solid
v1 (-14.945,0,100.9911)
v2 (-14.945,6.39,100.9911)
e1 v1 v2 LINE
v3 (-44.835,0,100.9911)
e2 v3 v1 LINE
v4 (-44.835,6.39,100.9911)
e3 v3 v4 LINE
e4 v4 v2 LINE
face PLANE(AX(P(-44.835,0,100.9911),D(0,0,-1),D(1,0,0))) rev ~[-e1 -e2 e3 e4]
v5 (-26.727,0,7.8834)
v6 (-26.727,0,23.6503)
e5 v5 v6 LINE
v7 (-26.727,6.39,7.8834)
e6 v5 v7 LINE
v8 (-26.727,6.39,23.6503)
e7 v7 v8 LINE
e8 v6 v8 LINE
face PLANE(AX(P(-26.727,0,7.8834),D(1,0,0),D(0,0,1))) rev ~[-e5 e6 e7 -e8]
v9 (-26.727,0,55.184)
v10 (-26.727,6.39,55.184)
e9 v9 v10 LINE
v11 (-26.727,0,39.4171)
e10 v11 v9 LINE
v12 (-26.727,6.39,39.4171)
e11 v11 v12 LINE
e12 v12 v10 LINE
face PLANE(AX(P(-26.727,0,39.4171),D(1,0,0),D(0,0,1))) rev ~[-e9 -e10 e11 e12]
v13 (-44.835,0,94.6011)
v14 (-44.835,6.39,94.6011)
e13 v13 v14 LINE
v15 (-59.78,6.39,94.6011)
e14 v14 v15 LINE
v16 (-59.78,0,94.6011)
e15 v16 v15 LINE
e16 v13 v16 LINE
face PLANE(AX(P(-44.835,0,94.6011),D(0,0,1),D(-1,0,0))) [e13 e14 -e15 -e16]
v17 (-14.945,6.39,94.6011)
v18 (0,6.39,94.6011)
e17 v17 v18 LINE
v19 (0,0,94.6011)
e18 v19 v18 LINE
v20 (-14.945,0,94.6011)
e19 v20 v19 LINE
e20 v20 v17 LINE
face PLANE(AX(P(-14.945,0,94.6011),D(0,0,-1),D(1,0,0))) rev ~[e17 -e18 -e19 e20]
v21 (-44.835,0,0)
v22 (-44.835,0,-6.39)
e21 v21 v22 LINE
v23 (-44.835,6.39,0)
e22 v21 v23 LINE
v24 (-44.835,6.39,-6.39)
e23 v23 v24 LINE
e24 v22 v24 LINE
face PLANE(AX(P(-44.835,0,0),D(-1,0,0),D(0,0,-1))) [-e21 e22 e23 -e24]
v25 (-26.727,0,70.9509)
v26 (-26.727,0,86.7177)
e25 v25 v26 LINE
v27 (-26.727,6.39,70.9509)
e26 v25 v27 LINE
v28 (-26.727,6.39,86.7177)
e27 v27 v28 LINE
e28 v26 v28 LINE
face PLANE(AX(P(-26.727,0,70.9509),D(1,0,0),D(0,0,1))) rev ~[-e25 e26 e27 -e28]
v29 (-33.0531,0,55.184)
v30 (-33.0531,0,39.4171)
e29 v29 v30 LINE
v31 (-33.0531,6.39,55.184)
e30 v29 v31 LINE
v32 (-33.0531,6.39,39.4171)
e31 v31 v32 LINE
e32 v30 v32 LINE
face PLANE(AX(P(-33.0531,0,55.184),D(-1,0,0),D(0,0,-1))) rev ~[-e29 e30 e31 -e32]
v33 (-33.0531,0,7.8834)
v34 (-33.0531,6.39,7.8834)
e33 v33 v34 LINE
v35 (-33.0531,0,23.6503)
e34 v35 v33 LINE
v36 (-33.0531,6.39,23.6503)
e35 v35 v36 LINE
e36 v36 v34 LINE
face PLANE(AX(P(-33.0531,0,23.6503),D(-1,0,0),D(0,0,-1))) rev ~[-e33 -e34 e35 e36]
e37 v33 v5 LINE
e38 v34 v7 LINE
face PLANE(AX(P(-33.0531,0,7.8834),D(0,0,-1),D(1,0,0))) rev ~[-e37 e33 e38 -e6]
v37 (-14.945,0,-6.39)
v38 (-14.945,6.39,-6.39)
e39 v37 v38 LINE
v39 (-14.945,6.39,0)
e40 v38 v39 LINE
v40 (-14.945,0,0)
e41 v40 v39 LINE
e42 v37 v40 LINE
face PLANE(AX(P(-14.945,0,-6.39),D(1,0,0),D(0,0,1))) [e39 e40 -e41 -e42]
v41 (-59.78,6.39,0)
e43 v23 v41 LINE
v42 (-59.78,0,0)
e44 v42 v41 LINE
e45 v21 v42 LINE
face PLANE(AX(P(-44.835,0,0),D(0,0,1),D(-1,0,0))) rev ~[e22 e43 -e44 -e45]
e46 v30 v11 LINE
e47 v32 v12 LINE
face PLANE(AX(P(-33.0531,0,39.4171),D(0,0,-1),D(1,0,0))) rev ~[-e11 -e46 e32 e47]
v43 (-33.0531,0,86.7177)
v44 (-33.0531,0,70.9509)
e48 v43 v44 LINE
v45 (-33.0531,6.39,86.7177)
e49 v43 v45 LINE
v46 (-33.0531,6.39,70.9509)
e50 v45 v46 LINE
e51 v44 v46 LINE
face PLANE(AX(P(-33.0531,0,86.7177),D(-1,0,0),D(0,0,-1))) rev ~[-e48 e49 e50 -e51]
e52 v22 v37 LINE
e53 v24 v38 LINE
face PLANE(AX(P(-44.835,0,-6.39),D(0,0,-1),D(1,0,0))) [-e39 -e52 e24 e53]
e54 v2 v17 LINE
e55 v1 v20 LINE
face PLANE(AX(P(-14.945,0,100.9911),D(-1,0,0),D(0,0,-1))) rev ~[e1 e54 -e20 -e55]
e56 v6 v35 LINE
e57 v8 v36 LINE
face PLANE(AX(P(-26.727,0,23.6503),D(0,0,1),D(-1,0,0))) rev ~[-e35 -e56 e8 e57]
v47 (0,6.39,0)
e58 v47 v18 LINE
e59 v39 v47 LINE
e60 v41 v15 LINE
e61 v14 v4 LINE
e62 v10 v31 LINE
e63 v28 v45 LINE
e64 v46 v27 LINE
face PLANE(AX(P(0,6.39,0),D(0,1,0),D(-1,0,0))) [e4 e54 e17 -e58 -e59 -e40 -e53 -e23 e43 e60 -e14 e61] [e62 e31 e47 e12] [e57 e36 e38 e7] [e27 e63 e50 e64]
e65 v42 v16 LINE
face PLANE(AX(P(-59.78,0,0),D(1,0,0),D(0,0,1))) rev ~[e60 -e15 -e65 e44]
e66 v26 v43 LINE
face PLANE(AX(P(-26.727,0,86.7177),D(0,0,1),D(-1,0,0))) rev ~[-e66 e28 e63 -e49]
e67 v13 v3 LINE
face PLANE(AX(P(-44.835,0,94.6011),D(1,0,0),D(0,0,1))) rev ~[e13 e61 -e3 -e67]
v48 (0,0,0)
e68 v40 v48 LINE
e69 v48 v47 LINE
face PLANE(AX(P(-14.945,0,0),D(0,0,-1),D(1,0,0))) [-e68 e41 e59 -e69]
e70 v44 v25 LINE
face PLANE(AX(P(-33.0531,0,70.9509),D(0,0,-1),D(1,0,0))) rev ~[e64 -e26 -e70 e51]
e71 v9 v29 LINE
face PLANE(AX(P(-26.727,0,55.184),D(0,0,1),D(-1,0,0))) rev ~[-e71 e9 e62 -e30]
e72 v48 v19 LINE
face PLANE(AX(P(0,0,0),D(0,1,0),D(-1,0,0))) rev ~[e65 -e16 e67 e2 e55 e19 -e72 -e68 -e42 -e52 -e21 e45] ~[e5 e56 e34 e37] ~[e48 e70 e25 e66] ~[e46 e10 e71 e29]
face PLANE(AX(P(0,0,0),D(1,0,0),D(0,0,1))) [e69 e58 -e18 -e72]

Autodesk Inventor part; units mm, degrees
ref_plane "YZ Plane" through (0, 0, 0) normal (1, 0, 0) x (0, 1, 0)
ref_plane "XZ Plane" through (0, 0, 0) normal (0, 1, 0) x (-1, 0, 0)
ref_plane "XY Plane" through (0, 0, 0) normal (0, 0, 1) x (1, 0, 0)
sketch "Sketch1" plane through (0, 0, 0) normal (0, 1, 0) x (-1, 0, 0)
  line L0 (44.835, 0) -> (44.835, -6.39)
  line L1 (44.835, -6.39) -> (14.945, -6.39)
  line L2 (14.945, -6.39) -> (14.945, 0)
  line L3 (14.945, 0) -> (0, 0)
  line L4 (44.835, 0) -> (59.78, 0)
  line L5 (59.78, 0) -> (59.78, 94.6011)
  line L6 (0, 0) -> (0, 94.6011)
  line L7 (59.78, 47.3006) -> (0, 47.3006) construction
  line L8 (44.835, 94.6011) -> (44.835, 100.9911)
  line L9 (44.835, 100.9911) -> (14.945, 100.9911)
  line L10 (14.945, 100.9911) -> (14.945, 94.6011)
  line L11 (14.945, 94.6011) -> (0, 94.6011)
  line L12 (44.835, 94.6011) -> (59.78, 94.6011)
  line L13 (29.89, -6.39) -> (29.89, 100.9911) construction
  line L14 (26.727, 23.6503) -> (33.0531, 23.6503)
  line L15 (33.0531, 23.6503) -> (33.0531, 7.8834)
  line L16 (33.0531, 7.8834) -> (26.727, 7.8834)
  line L17 (26.727, 7.8834) -> (26.727, 23.6503)
  line L18 (33.0531, 15.7669) -> (26.727, 15.7669) construction
  line L19 (26.727, 55.184) -> (33.0531, 55.184)
  line L20 (33.0531, 47.3006) -> (26.727, 47.3006) construction
  line L21 (33.0531, 55.184) -> (33.0531, 39.4171)
  line L22 (26.727, 39.4171) -> (26.727, 55.184)
  line L23 (33.0531, 39.4171) -> (26.727, 39.4171)
  line L24 (26.727, 86.7177) -> (33.0531, 86.7177)
  line L25 (33.0531, 78.8343) -> (26.727, 78.8343) construction
  line L26 (33.0531, 86.7177) -> (33.0531, 70.9509)
  line L27 (26.727, 70.9509) -> (26.727, 86.7177)
  line L28 (33.0531, 70.9509) -> (26.727, 70.9509)
  point P0 (29.89, 7.8834)
  point P1 (29.89, 39.4171)
  point P2 (29.89, 70.9509)
  dimension "d0" = 29.89
  dimension "d1" = 14.945
  dimension "d2" = 14.945
  dimension "d3" = 6.39
  dimension "d4" = 15.7669
  dimension "d6" = 6.3261
  dimension "d7" = 94.6011
  dimension "d15" = 7.8834
  dimension "d47" = 31.5337
extrude "Extrusion4" add sketch "Sketch1" along normal blind 6.39
equation "\"d0\" = 0.5 * ColumnWidth"
equation "\"d1\" = 0.25 * ColumnWidth"
equation "\"d2\" = 0.25 * ColumnWidth"
equation "\"d3\" = WoodThickness"
equation "\"d4\" = 0.166667 * d7"
equation "\"d6\" = 0.99 * WoodThickness"
equation "\"d15\" = 0.0833333 * d7"
equation "\"d47\" = 0.333333 * d7"
equation "\"d52\" = WoodThickness"
equation "\"ColumnWidth\" = 59.78"
equation "\"WoodThickness\" = 6.39"
properties part number "IBeamVertical" material "MDF Medium Density Fiberboard"
